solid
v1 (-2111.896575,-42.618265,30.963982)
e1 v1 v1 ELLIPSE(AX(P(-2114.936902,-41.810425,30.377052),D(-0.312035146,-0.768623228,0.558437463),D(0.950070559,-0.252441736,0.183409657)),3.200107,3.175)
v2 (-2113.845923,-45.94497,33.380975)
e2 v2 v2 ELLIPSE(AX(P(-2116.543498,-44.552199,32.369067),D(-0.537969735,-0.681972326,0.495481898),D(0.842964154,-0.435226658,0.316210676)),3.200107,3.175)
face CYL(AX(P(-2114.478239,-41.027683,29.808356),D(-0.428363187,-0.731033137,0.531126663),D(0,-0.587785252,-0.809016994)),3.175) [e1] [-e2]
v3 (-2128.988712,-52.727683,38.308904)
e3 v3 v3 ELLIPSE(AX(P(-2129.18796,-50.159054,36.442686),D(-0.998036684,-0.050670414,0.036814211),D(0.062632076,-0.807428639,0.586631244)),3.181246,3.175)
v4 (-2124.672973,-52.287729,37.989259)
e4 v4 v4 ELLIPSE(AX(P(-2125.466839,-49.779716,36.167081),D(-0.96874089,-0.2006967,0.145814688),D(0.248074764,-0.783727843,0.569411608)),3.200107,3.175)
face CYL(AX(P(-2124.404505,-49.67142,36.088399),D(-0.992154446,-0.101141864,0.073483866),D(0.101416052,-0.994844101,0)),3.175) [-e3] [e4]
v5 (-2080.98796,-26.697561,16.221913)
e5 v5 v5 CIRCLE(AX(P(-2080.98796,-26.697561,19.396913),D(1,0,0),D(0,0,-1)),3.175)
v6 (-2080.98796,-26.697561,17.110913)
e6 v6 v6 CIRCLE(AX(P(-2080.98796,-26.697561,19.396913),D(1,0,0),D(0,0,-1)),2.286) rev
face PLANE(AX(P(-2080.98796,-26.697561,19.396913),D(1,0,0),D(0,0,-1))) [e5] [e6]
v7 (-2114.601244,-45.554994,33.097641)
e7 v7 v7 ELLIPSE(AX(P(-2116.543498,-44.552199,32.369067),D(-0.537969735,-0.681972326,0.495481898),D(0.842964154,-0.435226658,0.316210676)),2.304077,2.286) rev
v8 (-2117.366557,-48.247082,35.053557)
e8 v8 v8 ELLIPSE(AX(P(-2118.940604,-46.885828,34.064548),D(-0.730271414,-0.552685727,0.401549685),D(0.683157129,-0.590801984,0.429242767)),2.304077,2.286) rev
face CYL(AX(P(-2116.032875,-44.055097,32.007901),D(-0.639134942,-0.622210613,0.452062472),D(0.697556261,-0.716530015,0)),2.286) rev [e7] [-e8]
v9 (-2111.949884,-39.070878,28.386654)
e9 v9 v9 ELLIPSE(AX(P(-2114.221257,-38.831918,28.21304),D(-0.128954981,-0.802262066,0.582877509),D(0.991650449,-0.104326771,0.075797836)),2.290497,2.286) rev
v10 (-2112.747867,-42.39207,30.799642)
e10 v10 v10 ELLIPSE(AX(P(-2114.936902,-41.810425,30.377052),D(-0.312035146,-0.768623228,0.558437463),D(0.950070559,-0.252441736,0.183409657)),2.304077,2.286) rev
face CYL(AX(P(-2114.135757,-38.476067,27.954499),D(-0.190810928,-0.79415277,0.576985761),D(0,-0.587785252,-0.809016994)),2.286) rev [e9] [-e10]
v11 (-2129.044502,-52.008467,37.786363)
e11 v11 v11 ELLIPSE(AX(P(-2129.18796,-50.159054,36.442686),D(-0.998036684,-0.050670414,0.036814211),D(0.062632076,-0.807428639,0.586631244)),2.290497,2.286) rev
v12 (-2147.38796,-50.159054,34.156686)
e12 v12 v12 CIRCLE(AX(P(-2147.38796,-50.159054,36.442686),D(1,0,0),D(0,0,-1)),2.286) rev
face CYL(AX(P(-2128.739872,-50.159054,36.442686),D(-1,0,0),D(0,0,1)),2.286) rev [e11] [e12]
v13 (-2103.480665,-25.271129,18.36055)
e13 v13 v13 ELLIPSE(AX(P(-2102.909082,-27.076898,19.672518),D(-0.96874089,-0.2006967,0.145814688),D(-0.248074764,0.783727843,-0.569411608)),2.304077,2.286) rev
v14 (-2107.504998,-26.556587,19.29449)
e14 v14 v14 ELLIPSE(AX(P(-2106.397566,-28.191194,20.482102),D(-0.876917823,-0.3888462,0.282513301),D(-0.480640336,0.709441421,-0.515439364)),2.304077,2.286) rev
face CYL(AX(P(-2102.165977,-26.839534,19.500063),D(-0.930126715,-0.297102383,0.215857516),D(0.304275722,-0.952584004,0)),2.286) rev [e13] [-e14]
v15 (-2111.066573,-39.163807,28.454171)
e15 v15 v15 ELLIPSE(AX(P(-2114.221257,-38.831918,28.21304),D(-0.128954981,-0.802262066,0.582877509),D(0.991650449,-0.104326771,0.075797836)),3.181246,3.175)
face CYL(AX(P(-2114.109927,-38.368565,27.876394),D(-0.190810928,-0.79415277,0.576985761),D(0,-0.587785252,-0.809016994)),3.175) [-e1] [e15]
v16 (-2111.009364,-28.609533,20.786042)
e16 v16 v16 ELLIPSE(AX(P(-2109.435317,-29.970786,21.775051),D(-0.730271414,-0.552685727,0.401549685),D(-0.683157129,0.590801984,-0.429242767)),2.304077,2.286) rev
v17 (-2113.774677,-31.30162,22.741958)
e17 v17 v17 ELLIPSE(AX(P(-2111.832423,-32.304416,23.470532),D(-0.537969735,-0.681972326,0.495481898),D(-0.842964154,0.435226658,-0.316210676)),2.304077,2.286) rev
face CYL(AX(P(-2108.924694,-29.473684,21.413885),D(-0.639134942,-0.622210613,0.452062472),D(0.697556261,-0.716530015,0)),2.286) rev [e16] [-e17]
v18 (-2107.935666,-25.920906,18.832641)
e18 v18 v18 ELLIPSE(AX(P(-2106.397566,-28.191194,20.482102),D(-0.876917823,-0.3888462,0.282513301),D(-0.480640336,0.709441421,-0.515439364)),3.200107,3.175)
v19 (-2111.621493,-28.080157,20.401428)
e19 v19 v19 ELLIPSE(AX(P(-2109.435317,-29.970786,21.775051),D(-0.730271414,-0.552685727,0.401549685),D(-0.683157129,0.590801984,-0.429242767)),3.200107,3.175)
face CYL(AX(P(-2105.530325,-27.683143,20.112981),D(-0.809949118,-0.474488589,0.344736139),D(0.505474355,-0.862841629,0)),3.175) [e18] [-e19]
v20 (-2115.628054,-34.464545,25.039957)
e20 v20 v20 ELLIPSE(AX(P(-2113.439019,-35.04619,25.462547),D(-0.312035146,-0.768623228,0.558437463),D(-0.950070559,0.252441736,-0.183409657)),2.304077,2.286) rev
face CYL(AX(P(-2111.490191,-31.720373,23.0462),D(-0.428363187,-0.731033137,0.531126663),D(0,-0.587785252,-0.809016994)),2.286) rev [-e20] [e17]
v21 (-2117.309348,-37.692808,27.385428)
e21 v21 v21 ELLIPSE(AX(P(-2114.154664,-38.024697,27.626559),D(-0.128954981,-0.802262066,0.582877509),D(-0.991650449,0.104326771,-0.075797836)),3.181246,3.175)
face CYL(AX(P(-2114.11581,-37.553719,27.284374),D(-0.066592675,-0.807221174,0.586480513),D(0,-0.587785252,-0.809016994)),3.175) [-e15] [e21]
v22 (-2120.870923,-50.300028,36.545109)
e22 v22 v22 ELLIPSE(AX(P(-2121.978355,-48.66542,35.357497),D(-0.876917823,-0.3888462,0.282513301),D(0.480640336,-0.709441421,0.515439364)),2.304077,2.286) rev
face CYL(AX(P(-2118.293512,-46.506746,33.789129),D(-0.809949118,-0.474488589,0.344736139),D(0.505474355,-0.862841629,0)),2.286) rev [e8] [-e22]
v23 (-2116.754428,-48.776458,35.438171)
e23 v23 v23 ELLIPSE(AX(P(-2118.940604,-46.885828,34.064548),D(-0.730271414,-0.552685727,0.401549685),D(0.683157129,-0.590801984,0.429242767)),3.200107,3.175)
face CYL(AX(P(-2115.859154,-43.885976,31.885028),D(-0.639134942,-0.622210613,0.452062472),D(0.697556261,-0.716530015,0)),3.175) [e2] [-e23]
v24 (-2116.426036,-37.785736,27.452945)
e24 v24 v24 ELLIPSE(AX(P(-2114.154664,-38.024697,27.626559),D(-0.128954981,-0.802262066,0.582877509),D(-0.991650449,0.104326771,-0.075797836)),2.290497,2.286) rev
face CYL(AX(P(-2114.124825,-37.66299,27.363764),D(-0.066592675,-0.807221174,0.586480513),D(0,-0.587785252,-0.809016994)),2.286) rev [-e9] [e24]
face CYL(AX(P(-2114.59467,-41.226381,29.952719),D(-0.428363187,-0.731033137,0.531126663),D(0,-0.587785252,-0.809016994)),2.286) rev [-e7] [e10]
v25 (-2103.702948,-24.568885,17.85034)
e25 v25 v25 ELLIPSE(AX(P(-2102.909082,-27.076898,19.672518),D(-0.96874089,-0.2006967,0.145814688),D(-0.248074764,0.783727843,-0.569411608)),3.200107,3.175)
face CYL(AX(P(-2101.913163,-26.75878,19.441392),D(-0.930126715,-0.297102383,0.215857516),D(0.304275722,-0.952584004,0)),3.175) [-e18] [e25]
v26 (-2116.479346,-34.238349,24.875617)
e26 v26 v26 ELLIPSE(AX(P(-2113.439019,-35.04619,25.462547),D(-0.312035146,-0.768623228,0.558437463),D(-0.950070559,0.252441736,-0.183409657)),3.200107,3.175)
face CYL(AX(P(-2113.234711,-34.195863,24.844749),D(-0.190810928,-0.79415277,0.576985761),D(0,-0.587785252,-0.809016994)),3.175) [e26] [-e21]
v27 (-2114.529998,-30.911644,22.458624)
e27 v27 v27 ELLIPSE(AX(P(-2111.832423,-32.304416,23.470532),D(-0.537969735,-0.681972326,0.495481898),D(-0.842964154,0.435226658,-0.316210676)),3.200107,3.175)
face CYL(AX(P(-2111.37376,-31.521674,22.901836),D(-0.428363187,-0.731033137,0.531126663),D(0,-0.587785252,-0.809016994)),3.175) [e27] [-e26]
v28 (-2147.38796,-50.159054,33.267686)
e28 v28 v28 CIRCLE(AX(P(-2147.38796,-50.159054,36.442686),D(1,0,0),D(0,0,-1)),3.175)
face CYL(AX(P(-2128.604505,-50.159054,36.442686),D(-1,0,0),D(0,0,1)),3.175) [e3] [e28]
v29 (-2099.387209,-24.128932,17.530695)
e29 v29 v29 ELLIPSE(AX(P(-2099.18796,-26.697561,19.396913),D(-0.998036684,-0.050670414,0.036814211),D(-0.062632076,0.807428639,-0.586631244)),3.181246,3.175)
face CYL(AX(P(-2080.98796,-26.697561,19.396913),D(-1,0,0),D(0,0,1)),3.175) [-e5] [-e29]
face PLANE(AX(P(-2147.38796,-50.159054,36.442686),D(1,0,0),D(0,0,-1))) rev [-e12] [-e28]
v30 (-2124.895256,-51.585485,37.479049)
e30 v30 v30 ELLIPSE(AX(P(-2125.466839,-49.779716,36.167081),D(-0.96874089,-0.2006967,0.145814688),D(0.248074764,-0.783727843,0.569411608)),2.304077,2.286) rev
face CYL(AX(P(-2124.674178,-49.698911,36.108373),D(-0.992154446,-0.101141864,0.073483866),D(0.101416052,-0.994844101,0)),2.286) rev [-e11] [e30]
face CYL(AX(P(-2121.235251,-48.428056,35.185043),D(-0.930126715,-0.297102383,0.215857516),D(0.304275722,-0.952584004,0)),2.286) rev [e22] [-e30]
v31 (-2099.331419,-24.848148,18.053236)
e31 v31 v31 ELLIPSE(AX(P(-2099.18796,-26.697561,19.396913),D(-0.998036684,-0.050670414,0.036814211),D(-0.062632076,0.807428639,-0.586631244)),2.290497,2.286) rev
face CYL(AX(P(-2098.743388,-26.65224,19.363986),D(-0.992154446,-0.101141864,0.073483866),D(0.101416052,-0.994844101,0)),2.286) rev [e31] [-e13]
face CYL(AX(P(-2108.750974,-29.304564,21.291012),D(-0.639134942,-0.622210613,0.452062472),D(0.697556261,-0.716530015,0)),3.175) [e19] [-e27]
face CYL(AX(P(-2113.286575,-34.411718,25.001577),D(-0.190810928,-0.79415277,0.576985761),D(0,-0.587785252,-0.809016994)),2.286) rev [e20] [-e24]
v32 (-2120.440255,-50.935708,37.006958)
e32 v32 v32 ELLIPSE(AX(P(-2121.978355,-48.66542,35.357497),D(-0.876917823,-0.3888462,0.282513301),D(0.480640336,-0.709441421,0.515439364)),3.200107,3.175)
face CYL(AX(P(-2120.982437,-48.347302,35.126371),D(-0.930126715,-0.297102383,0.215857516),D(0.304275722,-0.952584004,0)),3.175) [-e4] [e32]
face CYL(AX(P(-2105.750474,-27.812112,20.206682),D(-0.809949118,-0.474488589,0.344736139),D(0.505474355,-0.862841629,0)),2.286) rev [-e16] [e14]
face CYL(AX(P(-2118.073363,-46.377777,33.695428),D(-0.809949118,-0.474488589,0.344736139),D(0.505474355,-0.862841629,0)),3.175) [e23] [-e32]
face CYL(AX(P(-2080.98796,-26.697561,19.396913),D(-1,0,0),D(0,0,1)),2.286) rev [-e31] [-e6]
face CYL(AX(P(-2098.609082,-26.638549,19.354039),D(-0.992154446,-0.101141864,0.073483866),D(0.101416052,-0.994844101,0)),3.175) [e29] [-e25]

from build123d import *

# Parameters (mm, degrees)
PROFILE_R   = 3.175
PROFILE_R_2 = 2.286


with BuildPart() as part:
    # Tube: sweep along a curve in space
    with BuildLine() as tube_path:
        Line((-2080.987960479, -26.697560814, 19.396913326), (-2099.187960479, -26.697560814, 19.396913326))
        Line((-2099.187960479, -26.697560814, 19.396913326), (-2102.909081944, -27.076898087, 19.672517987))
        Line((-2102.909081944, -27.076898087, 19.672517987), (-2106.397565517, -28.191194413, 20.482101656))
        Line((-2106.397565517, -28.191194413, 20.482101656), (-2109.435317411, -29.970785969, 21.775050604))
        Line((-2109.435317411, -29.970785969, 21.775050604), (-2111.832422782, -32.304415858, 23.470531963))
        Line((-2111.832422782, -32.304415858, 23.470531963), (-2113.439018869, -35.046189691, 25.462547255))
        Line((-2113.439018869, -35.046189691, 25.462547255), (-2114.154664142, -38.024696646, 27.626559228))
        Line((-2114.154664142, -38.024696646, 27.626559228), (-2114.221256816, -38.83191782, 28.21303974))
        Line((-2114.221256816, -38.83191782, 28.21303974), (-2114.936902089, -41.810424775, 30.377051713))
        Line((-2114.936902089, -41.810424775, 30.377051713), (-2116.543498176, -44.552198608, 32.369067005))
        Line((-2116.543498176, -44.552198608, 32.369067005), (-2118.940603547, -46.885828496, 34.064548363))
        Line((-2118.940603547, -46.885828496, 34.064548363), (-2121.978355441, -48.665420053, 35.357497311))
        Line((-2121.978355441, -48.665420053, 35.357497311), (-2125.466839013, -49.779716379, 36.167080981))
        Line((-2125.466839013, -49.779716379, 36.167080981), (-2129.187960479, -50.159053651, 36.442685642))
        Line((-2129.187960479, -50.159053651, 36.442685642), (-2147.387960479, -50.159053651, 36.442685642))
    # Profile → Tube (sweep)
    with BuildSketch(Plane(origin=(-2080.987960479, 0, 0), x_dir=(0, 0, -1), z_dir=(1, 0, 0))):
        with Locations((-19.396913326, -26.697560814)):
            Circle(PROFILE_R)
        with Locations((-19.396913326, -26.697560814)):
            Circle(PROFILE_R_2, mode=Mode.SUBTRACT)
    sweep(path=tube_path.line, transition=Transition.RIGHT)


solid = part.part
